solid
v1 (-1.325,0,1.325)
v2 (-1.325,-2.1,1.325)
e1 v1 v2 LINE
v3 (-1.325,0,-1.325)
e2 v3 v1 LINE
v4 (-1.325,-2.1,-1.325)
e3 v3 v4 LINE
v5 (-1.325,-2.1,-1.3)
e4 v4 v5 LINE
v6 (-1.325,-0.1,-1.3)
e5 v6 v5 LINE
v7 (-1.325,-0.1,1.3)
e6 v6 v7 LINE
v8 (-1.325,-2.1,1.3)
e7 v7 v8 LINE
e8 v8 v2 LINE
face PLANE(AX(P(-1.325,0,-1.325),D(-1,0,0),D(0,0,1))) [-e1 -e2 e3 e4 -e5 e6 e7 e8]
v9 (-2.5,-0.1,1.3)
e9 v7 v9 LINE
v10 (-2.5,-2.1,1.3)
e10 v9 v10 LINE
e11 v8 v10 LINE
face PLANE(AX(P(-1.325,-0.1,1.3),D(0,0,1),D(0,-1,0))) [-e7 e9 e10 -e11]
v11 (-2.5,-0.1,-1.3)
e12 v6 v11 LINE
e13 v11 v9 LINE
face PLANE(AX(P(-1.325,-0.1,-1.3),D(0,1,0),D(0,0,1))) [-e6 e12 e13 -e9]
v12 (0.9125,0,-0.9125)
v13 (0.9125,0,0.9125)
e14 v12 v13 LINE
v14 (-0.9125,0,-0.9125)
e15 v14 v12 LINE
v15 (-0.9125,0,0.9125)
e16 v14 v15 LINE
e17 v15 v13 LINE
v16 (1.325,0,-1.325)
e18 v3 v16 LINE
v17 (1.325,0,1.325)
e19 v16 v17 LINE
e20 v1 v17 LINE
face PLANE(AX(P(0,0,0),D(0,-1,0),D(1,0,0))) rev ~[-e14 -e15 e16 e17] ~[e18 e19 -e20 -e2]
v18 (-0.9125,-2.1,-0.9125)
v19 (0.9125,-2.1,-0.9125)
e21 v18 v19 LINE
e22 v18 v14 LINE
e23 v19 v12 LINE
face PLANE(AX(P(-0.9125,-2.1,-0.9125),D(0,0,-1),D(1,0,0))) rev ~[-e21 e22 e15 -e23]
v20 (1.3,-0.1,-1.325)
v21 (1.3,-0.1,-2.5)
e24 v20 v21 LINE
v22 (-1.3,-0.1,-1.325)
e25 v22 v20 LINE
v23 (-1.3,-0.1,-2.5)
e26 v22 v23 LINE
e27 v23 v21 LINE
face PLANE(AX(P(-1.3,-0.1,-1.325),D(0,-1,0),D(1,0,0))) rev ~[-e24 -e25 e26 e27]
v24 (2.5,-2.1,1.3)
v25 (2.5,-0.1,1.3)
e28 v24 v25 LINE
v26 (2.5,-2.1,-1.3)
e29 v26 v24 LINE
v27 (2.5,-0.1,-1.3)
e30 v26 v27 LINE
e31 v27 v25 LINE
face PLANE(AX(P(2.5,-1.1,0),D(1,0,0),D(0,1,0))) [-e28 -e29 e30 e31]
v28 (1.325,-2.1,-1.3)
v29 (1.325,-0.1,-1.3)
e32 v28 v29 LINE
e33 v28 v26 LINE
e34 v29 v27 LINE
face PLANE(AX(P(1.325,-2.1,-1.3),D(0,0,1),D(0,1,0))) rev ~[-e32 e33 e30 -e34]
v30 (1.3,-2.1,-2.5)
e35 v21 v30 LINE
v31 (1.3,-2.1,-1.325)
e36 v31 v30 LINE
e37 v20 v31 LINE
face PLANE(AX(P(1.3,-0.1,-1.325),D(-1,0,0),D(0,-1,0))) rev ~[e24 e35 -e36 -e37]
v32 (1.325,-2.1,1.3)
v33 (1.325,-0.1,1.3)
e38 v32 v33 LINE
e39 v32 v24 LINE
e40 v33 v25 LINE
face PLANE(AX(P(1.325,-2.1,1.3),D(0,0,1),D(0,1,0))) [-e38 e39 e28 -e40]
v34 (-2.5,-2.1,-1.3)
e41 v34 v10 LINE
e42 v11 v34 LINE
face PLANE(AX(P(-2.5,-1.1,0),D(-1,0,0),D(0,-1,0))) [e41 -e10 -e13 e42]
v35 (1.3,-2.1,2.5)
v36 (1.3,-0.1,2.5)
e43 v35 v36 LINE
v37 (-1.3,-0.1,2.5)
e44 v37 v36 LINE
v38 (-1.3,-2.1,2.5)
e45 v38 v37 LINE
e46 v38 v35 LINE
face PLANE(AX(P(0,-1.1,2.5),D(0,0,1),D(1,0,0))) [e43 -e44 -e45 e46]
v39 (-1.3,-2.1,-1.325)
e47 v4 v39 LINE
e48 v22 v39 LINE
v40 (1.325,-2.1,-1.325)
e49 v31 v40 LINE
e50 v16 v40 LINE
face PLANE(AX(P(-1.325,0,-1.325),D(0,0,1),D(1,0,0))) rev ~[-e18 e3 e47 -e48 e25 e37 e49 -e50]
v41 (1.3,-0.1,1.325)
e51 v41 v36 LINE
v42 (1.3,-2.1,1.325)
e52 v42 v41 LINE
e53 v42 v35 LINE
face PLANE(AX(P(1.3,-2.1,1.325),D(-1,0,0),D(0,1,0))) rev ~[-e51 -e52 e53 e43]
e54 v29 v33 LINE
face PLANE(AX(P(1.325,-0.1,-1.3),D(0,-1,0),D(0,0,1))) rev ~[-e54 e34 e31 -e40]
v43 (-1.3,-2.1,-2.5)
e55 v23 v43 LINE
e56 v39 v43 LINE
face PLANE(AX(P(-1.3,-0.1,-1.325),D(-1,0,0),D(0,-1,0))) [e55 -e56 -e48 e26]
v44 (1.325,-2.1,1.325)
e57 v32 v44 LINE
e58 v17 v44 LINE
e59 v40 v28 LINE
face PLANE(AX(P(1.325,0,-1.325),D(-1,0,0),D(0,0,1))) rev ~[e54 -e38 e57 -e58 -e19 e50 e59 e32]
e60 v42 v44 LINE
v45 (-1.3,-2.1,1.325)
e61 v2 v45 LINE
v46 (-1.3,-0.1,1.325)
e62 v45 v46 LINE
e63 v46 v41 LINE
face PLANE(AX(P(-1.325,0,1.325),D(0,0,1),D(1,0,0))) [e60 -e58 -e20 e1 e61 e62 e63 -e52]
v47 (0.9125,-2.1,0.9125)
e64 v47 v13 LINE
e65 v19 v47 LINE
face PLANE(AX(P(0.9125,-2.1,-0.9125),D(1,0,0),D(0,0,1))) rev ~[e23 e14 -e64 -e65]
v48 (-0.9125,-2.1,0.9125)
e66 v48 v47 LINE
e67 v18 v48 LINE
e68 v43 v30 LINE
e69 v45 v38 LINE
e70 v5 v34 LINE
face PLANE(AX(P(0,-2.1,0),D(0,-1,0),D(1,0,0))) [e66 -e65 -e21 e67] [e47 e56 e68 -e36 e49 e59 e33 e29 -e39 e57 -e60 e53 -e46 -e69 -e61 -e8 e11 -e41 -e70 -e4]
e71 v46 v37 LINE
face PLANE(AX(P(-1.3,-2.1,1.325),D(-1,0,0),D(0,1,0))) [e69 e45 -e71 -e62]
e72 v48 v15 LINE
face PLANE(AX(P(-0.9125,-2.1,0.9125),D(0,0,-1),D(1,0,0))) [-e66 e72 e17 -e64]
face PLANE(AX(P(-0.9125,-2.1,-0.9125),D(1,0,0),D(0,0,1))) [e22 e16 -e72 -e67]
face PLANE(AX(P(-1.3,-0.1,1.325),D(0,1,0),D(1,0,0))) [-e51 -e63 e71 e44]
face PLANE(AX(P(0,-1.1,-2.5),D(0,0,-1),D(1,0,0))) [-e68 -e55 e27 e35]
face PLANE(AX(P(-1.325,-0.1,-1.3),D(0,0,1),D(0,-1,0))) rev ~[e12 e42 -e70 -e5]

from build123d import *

# Parameters (mm, degrees)
F0_W      = 2.65
F0_H      = 2.65
F1_DEPTH  = 2.1
F2_W      = 2.6
F2_H      = 2
F3_DEPTH  = 1.175
F4_W      = 2
F4_H      = 2.6
F5_DEPTH  = 1.175
F6_W      = 2.6
F6_H      = 2
F7_DEPTH  = 1.175
F8_W      = 2
F8_H      = 2.6
F9_DEPTH  = 1.175
F10_W     = 1.825
F10_H     = 1.825
F11_DEPTH = 2.1


with BuildPart() as f1:
    # F0 (on Front) → F1 (new body)
    with BuildSketch(Plane.XZ):
        Rectangle(F0_W, F0_H)
    extrude(amount=F1_DEPTH)

    # F2 (on face) → F3 (join)
    with BuildSketch(Plane(origin=(0, 0, -1.325), x_dir=(1, 0, 0), z_dir=(0, 0, -1))):
        with Locations((0, 1.1)):
            Rectangle(F2_W, F2_H)
    extrude(amount=F3_DEPTH)

    # F4 (on face) → F5 (join)
    with BuildSketch(Plane(origin=(-1.325, 0, 0), x_dir=(0, -1, 0), z_dir=(-1, 0, 0))):
        with Locations((1.1, 0)):
            Rectangle(F4_W, F4_H)
    extrude(amount=F5_DEPTH)

    # F6 (on face) → F7 (join)
    with BuildSketch(Plane.XY.offset(1.325)):
        with Locations((0, -1.1)):
            Rectangle(F6_W, F6_H)
    extrude(amount=F7_DEPTH)

    # F8 (on face) → F9 (join)
    with BuildSketch(Plane.YZ.offset(1.325)):
        with Locations((-1.1, 0)):
            Rectangle(F8_W, F8_H)
    extrude(amount=F9_DEPTH)

    # F10 (on face) → F11 (cut)
    with BuildSketch(Plane.XZ.offset(2.1)):
        Rectangle(F10_W, F10_H)
    extrude(amount=-F11_DEPTH, mode=Mode.SUBTRACT)


solid = f1.part
